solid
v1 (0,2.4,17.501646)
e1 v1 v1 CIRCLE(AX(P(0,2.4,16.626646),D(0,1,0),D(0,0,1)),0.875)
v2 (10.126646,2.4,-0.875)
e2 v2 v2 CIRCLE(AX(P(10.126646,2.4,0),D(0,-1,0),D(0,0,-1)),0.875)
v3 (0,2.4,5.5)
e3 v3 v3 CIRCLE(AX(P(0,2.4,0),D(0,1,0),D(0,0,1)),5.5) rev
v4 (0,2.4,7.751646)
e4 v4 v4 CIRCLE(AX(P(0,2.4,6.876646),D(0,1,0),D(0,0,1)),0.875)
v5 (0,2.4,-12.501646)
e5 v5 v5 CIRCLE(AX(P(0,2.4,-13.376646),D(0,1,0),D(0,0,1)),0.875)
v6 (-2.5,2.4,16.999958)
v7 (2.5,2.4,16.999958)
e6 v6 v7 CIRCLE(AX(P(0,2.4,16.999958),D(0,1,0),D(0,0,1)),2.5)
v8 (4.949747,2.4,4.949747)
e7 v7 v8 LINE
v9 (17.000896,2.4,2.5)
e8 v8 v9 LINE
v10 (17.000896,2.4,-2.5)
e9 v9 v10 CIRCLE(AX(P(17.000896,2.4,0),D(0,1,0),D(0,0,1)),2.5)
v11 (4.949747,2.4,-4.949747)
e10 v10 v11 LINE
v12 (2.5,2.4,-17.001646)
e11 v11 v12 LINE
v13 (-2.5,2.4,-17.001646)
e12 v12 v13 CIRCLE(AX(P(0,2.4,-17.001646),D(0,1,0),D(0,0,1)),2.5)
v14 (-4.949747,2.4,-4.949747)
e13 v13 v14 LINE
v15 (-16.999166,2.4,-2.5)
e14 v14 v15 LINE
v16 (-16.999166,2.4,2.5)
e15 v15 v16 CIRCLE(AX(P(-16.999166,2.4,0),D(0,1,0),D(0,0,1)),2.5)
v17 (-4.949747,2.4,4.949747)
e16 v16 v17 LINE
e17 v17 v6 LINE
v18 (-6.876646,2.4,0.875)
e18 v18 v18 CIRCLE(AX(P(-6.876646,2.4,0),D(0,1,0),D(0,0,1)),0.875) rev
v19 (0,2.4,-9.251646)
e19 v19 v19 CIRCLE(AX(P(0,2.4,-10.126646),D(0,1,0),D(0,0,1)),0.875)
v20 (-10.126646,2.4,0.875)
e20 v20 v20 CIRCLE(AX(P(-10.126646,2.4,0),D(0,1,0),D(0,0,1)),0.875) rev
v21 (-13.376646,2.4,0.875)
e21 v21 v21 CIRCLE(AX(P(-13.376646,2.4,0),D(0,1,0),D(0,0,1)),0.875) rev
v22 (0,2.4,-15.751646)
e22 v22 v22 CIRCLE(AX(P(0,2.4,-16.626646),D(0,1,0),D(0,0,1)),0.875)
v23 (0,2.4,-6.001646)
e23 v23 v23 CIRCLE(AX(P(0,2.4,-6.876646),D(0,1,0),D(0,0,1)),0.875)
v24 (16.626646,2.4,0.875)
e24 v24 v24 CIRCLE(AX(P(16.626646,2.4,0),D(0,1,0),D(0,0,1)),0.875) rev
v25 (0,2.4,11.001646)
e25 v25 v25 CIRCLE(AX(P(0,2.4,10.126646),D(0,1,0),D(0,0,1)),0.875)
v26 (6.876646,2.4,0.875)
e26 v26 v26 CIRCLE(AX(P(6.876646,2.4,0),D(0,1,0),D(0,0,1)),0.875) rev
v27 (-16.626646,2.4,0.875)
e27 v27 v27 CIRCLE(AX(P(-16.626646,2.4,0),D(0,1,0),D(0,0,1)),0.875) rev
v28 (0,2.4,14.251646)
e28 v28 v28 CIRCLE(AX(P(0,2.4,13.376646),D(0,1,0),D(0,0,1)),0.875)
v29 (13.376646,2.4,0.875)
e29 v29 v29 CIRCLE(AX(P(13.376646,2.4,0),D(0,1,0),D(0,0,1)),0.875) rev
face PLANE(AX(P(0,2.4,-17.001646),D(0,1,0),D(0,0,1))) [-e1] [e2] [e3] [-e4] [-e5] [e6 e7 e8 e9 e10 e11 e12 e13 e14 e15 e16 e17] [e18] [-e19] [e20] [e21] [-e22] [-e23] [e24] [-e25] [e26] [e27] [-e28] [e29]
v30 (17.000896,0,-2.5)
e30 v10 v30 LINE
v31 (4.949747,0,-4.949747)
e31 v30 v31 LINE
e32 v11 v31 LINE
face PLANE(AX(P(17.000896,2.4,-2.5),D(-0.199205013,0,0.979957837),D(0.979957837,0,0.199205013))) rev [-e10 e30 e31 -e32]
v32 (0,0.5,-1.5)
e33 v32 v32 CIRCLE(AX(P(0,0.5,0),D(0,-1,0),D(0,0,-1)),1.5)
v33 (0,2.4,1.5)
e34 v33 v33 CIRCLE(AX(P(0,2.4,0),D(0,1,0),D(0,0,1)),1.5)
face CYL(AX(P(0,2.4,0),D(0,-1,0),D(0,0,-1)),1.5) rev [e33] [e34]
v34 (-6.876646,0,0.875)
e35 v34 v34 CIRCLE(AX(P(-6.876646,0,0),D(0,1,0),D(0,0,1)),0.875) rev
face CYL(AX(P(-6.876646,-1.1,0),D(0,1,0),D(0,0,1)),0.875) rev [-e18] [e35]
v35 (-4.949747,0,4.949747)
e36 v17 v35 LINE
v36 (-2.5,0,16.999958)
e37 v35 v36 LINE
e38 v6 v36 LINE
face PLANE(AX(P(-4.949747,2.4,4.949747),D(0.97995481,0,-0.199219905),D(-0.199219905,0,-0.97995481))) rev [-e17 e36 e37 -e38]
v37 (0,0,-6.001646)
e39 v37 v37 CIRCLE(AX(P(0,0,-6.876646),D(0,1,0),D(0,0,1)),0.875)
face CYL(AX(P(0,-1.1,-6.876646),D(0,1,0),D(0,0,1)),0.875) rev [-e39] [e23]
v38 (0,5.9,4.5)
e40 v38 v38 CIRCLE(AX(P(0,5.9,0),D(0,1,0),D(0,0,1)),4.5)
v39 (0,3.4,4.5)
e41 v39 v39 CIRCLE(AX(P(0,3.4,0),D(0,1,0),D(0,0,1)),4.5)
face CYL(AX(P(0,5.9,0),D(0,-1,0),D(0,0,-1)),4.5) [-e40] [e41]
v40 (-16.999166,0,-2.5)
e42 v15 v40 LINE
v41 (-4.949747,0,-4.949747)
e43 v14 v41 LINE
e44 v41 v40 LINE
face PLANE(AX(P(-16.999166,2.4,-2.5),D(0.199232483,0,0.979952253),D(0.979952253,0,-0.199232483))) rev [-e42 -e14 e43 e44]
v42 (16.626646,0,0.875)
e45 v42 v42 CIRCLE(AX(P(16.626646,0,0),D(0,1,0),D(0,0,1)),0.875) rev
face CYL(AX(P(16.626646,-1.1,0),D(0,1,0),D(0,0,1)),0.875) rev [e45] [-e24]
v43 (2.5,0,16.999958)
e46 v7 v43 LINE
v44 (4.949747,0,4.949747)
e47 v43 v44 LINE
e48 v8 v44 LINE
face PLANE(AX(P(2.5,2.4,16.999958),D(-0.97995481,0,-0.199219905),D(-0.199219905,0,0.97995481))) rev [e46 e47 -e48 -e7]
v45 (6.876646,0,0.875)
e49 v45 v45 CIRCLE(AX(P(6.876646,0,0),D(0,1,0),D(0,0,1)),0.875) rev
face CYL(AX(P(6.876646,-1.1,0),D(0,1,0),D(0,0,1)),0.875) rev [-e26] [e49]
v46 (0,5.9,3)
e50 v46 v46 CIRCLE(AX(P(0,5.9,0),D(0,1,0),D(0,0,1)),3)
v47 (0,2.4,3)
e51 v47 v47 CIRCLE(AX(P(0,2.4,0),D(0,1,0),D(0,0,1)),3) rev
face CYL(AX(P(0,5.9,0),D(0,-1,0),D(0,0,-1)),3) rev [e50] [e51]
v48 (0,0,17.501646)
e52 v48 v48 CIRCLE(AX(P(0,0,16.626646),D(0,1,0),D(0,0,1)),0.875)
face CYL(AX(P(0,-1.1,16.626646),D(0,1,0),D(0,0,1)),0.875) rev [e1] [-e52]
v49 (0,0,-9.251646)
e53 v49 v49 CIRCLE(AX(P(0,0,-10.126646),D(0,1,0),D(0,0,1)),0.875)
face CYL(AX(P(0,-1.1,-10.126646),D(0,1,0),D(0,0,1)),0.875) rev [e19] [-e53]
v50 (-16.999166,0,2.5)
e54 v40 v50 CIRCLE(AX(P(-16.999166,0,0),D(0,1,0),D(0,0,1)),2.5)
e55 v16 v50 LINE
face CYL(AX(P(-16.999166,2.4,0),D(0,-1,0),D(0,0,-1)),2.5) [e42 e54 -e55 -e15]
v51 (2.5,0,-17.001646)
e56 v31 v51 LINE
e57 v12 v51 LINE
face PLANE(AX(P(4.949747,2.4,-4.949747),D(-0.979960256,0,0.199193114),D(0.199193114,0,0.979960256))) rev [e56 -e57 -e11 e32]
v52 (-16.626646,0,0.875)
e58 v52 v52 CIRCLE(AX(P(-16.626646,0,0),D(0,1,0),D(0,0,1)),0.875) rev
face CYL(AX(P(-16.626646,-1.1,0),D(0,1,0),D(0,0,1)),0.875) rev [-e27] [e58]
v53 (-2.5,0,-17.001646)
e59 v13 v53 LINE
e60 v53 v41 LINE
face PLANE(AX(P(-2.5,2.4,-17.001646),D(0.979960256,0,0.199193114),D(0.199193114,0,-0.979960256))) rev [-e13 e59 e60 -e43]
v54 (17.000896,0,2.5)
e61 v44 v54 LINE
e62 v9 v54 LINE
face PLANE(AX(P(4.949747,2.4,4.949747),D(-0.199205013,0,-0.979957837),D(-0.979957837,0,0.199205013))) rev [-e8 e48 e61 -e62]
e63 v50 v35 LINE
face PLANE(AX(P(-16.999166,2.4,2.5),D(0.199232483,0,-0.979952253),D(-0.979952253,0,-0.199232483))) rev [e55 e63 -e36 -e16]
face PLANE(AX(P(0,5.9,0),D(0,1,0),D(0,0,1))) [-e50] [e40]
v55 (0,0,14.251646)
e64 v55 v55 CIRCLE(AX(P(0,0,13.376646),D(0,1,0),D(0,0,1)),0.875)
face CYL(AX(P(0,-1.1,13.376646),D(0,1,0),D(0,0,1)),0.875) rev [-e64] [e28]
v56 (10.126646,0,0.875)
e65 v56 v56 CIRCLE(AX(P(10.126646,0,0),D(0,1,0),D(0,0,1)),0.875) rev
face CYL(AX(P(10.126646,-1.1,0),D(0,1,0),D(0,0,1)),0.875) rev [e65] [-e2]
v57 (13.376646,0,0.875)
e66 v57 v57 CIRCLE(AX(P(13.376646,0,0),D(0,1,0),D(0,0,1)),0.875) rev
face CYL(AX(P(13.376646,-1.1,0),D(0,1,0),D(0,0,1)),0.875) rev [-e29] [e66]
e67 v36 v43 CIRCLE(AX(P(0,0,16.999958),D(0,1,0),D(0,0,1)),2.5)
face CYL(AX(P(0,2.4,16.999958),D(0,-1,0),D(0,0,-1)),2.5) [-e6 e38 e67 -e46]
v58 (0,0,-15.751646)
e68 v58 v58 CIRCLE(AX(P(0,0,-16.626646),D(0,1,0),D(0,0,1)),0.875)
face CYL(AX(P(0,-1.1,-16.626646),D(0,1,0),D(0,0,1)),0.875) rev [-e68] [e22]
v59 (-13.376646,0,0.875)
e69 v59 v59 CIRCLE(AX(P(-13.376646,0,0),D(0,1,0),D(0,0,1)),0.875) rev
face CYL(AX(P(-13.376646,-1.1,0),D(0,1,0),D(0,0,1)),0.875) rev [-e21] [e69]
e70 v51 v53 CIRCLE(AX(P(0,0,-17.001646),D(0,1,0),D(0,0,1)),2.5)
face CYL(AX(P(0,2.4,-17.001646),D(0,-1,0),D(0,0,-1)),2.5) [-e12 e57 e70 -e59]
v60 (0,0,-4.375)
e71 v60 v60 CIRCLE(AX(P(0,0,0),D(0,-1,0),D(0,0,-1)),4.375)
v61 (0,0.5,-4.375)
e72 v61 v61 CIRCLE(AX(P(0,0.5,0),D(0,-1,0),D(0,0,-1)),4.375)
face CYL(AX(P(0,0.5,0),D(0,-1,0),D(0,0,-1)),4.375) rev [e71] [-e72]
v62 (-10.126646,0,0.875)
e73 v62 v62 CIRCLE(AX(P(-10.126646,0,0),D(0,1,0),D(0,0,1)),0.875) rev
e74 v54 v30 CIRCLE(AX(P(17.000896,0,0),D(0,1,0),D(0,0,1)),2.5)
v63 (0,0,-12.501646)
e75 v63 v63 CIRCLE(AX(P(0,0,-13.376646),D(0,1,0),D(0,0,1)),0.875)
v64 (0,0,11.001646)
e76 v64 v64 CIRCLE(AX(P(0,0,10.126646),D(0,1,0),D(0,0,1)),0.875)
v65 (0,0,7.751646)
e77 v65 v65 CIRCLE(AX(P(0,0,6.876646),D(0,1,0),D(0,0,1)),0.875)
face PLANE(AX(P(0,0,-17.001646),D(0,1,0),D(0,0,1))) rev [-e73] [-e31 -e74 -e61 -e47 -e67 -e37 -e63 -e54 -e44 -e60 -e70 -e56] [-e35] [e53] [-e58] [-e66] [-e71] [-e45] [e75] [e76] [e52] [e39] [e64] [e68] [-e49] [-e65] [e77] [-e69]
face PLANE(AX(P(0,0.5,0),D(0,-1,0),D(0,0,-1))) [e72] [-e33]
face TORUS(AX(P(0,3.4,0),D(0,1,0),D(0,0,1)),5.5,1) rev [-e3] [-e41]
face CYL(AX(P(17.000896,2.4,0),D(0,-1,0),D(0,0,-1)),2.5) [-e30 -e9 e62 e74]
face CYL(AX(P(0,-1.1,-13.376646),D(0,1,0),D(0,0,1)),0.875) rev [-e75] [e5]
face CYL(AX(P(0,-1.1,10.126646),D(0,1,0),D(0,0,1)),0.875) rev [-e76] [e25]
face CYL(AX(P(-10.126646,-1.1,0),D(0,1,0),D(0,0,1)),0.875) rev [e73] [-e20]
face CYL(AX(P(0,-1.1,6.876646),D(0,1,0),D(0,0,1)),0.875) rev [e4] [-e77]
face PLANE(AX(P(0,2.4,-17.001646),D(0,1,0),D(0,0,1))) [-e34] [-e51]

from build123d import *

# Parameters (mm, degrees)
SKETCH1_R           = 1.5
BOSS_EXTRUDE1_DEPTH = 2.4
SKETCH2_R           = 4.5
SKETCH2_R_2         = 3
BOSS_EXTRUDE2_DEPTH = 3.5
FILLET1_R           = 1
SKETCH3_R           = 0.875
CUT_EXTRUDE1_DEPTH  = 3.5
SKETCH4_R           = 4.375
CUT_EXTRUDE2_DEPTH  = 0.5


with BuildPart() as part:
    # Sketch1 → Boss-Extrude1 (new body)
    with BuildSketch(Plane(origin=(0, 0, 0), x_dir=(1, 0, 0), z_dir=(0, 1, 0))):
        with BuildLine():
            Line((-16.999165859, 2.5), (-4.949747468, 4.949747468))
            Line((-4.949747468, 4.949747468), (-2.5, 17.001645777))
            ThreePointArc((-2.5, 17.001645777), (0, 19.501645777), (2.5, 17.001645777))
            Line((2.5, 17.001645777), (4.949747468, 4.949747468))
            Line((4.949747468, 4.949747468), (17.000896169, 2.5))
            ThreePointArc((17.000896169, 2.5), (19.500896169, 0), (17.000896169, -2.5))
            Line((17.000896169, -2.5), (4.949747468, -4.949747468))
            Line((4.949747468, -4.949747468), (2.5, -16.999958072))
            ThreePointArc((2.5, -16.999958072), (0, -19.499958072), (-2.5, -16.999958072))
            Line((-2.5, -16.999958072), (-4.949747468, -4.949747468))
            Line((-4.949747468, -4.949747468), (-16.999165859, -2.5))
            ThreePointArc((-16.999165859, -2.5), (-19.499165859, 0), (-16.999165859, 2.5))
        make_face()
        Circle(SKETCH1_R, mode=Mode.SUBTRACT)
    extrude(amount=BOSS_EXTRUDE1_DEPTH)

    # Sketch2 → Boss-Extrude2 (add)
    with BuildSketch(Plane(origin=(0, 2.4, 0), x_dir=(1, 0, 0), z_dir=(0, 1, 0))):
        Circle(SKETCH2_R)
        Circle(SKETCH2_R_2, mode=Mode.SUBTRACT)
    extrude(amount=BOSS_EXTRUDE2_DEPTH)

    # Fillet1
    fillet1_edges = [part.edges().sort_by_distance(p)[0] for p in [
        (-4.5, 2.4, 0),
    ]]
    fillet(fillet1_edges, radius=FILLET1_R)

    # Sketch3 → Cut-Extrude1 (cut)
    with BuildSketch(Plane(origin=(0, 2.4, 0), x_dir=(1, 0, 0), z_dir=(0, 1, 0))):
        with Locations((0, -16.626645777)):
            Circle(SKETCH3_R)
        with Locations((0, -13.376645777)):
            Circle(SKETCH3_R)
        with Locations((0, -10.126645777)):
            Circle(SKETCH3_R)
        with Locations((0, -6.876645777)):
            Circle(SKETCH3_R)
        with Locations((-6.876645777, 0)):
            Circle(SKETCH3_R)
        with Locations((-10.126645777, 0)):
            Circle(SKETCH3_R)
        with Locations((-13.376645777, 0)):
            Circle(SKETCH3_R)
        with Locations((-16.626645777, 0)):
            Circle(SKETCH3_R)
        with Locations((0, 6.876645777)):
            Circle(SKETCH3_R)
        with BuildLine():
            ThreePointArc((0.875, 10.126645777), (0.618718434, 10.745364211), (0, 11.001645777))
            Line((0, 11.001645777), (0, 9.251645777))
            ThreePointArc((0, 9.251645777), (0.618718434, 9.507927344), (0.875, 10.126645777))
        make_face()
        with BuildLine():
            Line((0, 9.251645777), (0, 11.001645777))
            ThreePointArc((0, 11.001645777), (-0.875, 10.126645777), (0, 9.251645777))
        make_face()
        with BuildLine():
            ThreePointArc((0.875, 13.376645777), (0.618718434, 13.995364211), (0, 14.251645777))
            Line((0, 14.251645777), (0, 12.501645777))
            ThreePointArc((0, 12.501645777), (0.618718434, 12.757927344), (0.875, 13.376645777))
        make_face()
        with BuildLine():
            Line((0, 12.501645777), (0, 14.251645777))
            ThreePointArc((0, 14.251645777), (-0.875, 13.376645777), (0, 12.501645777))
        make_face()
        with BuildLine():
            ThreePointArc((0, 17.501645777), (-0.875, 16.626645777), (0, 15.751645777))
            Line((0, 15.751645777), (0, 17.501645777))
        make_face()
        with BuildLine():
            Line((0, 17.501645777), (0, 15.751645777))
            ThreePointArc((0, 15.751645777), (0.618718434, 16.007927344), (0.875, 16.626645777))
            ThreePointArc((0.875, 16.626645777), (0.618718434, 17.245364211), (0, 17.501645777))
        make_face()
        with Locations((6.876645777, 0)):
            Circle(SKETCH3_R)
        with Locations((13.376645777, 0)):
            Circle(SKETCH3_R)
        with Locations((16.626645777, 0)):
            Circle(SKETCH3_R)
        with Locations((10.126645777, 0)):
            Circle(SKETCH3_R)
    extrude(amount=-CUT_EXTRUDE1_DEPTH, mode=Mode.SUBTRACT)

    # Sketch4 → Cut-Extrude2 (cut)
    with BuildSketch(Plane.XZ):
        Circle(SKETCH4_R)
    extrude(amount=-CUT_EXTRUDE2_DEPTH, mode=Mode.SUBTRACT)


solid = part.part
